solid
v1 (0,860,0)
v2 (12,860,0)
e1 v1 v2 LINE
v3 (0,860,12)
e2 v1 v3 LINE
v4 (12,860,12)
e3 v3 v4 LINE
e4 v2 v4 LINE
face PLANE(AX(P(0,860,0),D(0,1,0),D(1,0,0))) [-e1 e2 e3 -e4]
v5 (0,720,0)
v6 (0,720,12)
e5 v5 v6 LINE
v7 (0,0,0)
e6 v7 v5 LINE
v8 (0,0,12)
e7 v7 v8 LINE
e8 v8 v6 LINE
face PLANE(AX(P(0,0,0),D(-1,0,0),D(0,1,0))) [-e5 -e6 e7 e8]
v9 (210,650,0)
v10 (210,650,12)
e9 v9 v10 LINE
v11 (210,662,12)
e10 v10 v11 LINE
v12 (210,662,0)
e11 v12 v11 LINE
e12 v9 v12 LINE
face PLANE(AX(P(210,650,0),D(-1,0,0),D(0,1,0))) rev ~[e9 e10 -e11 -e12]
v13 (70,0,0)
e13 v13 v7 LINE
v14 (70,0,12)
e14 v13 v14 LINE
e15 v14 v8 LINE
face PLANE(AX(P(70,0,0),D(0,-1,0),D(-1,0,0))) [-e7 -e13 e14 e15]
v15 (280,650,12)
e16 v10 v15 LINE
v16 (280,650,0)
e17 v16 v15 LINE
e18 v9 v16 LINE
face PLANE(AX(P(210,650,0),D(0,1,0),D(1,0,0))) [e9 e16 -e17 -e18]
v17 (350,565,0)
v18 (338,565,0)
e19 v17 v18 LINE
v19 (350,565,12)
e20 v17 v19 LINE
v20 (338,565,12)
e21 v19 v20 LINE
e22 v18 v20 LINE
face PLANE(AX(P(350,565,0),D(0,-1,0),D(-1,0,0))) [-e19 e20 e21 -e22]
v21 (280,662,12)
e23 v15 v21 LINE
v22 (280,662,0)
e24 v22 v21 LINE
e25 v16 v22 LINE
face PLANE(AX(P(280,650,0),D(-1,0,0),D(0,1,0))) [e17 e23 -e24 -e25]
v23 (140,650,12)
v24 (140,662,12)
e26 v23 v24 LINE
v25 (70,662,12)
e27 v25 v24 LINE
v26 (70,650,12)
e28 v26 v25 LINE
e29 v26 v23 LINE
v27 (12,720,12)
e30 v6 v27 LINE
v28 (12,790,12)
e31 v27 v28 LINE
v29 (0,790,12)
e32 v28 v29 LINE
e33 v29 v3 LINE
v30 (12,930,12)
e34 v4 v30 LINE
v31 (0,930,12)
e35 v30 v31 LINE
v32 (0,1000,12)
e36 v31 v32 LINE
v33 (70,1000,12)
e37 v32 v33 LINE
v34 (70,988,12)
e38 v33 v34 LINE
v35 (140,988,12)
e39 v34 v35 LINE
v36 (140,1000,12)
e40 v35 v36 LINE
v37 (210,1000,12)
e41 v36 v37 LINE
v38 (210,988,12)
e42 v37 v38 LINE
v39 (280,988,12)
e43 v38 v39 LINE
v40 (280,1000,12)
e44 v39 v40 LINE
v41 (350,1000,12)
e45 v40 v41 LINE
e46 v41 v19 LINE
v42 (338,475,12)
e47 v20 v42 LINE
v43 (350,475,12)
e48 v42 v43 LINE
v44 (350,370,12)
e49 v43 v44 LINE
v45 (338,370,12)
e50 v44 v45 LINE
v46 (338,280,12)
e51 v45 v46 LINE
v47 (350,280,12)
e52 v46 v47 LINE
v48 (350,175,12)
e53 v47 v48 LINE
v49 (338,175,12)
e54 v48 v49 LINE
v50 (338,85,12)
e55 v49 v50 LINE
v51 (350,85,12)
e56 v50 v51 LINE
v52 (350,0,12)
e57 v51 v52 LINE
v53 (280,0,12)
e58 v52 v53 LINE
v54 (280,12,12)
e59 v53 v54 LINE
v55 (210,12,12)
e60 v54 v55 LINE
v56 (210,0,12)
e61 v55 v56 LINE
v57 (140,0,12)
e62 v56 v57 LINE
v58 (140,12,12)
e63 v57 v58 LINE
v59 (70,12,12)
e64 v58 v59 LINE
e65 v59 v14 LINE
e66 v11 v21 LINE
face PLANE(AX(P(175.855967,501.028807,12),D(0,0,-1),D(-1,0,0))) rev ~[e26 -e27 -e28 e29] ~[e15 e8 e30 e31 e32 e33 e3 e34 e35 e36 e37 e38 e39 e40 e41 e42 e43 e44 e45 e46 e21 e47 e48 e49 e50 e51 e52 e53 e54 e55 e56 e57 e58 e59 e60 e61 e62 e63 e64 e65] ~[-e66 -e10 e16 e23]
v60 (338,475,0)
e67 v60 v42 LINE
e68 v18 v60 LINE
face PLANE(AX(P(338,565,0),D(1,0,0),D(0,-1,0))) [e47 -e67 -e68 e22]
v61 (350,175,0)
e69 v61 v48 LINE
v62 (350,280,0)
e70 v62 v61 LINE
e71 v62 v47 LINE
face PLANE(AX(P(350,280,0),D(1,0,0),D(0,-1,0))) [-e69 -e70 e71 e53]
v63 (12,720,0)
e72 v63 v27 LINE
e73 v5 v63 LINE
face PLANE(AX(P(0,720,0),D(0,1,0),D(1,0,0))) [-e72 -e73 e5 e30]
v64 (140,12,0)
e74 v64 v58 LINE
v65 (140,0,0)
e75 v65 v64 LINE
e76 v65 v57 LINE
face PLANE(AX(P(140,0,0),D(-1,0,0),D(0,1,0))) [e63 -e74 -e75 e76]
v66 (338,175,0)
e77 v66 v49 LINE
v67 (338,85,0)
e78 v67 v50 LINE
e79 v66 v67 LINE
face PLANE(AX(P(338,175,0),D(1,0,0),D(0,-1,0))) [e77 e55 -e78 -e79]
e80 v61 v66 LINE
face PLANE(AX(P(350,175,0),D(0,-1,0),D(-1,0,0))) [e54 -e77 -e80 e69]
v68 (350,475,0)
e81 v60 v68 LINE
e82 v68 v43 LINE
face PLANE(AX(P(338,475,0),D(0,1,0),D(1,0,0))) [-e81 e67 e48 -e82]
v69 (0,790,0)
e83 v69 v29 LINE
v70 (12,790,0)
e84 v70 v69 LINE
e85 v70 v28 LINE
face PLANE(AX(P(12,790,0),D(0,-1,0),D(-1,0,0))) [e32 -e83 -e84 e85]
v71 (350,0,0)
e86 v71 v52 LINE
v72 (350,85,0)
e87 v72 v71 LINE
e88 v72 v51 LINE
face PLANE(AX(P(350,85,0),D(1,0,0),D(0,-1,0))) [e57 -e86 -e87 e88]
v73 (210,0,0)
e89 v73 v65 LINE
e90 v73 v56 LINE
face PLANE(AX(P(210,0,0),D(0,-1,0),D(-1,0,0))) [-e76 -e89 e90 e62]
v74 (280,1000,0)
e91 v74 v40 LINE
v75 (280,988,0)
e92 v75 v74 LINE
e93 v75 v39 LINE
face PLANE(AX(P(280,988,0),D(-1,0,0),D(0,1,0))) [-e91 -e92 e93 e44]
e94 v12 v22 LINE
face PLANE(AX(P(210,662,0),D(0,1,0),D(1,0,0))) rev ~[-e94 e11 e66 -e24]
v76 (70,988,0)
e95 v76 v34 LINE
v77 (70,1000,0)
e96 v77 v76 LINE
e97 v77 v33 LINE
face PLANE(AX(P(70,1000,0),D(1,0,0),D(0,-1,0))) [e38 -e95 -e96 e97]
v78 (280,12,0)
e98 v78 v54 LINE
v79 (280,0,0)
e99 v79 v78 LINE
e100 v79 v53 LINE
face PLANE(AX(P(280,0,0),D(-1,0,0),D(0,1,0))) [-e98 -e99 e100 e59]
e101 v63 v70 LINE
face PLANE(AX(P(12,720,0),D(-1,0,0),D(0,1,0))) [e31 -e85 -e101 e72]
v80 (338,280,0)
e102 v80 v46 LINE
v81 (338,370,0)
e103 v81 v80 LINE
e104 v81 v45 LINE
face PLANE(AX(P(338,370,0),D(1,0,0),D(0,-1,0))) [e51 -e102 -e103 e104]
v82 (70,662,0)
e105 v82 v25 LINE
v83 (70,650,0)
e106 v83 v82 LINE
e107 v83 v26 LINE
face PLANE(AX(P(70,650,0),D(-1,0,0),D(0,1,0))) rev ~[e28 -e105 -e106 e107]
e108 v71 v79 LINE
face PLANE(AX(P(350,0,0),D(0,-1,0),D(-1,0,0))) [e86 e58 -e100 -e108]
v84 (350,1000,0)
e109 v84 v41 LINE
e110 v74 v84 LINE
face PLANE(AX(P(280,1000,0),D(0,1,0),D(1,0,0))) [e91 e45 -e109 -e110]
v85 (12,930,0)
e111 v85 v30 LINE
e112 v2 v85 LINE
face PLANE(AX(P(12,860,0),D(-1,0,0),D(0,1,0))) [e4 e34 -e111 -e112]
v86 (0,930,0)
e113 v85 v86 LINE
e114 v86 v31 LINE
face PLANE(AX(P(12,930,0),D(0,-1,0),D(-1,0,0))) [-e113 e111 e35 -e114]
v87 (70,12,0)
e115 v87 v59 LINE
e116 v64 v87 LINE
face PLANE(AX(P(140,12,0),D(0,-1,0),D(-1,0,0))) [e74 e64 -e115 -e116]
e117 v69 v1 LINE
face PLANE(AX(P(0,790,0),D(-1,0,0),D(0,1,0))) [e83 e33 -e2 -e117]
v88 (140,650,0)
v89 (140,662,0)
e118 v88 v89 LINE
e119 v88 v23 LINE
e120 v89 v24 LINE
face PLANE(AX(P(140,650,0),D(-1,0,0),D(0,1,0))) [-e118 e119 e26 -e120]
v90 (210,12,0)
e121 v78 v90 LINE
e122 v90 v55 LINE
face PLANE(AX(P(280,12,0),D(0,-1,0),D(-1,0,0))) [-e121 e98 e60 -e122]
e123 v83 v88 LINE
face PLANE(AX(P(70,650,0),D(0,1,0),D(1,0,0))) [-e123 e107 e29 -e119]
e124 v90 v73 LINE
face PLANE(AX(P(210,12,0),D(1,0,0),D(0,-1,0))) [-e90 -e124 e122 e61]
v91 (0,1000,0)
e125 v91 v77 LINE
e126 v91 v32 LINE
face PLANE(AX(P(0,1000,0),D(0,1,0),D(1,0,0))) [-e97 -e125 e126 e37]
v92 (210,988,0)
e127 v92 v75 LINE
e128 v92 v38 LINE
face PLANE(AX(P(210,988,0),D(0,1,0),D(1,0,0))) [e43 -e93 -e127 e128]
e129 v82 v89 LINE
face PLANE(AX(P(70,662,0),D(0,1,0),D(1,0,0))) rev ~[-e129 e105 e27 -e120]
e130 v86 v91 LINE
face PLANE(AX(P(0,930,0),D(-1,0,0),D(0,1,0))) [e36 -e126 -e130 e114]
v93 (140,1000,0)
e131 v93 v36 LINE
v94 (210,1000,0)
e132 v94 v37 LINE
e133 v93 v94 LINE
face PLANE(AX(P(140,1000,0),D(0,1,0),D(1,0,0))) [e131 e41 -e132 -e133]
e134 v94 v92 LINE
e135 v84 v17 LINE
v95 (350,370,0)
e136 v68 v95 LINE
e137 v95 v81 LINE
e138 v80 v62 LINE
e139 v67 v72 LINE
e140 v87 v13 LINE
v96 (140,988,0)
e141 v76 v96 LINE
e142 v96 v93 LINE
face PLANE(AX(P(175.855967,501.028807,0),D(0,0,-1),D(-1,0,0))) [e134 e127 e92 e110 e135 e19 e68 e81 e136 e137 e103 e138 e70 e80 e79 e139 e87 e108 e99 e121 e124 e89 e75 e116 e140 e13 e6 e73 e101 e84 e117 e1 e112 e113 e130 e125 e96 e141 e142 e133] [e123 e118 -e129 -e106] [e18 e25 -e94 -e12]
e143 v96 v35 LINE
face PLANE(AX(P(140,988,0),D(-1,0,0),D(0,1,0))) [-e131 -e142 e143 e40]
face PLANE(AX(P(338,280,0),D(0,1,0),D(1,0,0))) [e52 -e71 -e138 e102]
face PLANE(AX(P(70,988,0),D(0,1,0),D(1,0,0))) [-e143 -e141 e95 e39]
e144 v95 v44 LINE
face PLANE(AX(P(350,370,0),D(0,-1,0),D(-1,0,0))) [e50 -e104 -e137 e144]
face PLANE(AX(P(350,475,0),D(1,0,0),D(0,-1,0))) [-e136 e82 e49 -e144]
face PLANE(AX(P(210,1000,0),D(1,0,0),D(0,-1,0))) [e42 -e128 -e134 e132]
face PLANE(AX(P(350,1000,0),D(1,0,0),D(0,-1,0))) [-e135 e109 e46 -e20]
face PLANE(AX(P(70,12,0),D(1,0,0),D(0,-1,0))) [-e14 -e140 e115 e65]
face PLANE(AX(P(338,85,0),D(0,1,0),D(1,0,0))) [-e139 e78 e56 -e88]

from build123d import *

# Parameters (mm, degrees)
SKETCH1_W           = 70
SKETCH1_H           = 12
BOSS_EXTRUDE2_DEPTH = 12


with BuildPart() as part:
    # Sketch1 → Boss-Extrude2 (new body)
    with BuildSketch(Plane.XY):
        Polygon((280, 1000), (350, 1000), (350, 565), (338, 565), (338, 475), (350, 475), (350, 370), (338, 370), (338, 280), (350, 280), (350, 175), (338, 175), (338, 85), (350, 85), (350, 0), (280, 0), (280, 12), (210, 12), (210, 0), (140, 0), (140, 12), (70, 12), (70, 0), (0, 0), (0, 720), (12, 720), (12, 790), (0, 790), (0, 860), (12, 860), (12, 930), (0, 930), (0, 1000), (70, 1000), (70, 988), (140, 988), (140, 1000), (210, 1000), (210, 988), (280, 988), align=None)
        with Locations((105, 656)):
            Rectangle(SKETCH1_W, SKETCH1_H, mode=Mode.SUBTRACT)
        with Locations((245, 656)):
            Rectangle(SKETCH1_W, SKETCH1_H, mode=Mode.SUBTRACT)
    extrude(amount=BOSS_EXTRUDE2_DEPTH)


solid = part.part
